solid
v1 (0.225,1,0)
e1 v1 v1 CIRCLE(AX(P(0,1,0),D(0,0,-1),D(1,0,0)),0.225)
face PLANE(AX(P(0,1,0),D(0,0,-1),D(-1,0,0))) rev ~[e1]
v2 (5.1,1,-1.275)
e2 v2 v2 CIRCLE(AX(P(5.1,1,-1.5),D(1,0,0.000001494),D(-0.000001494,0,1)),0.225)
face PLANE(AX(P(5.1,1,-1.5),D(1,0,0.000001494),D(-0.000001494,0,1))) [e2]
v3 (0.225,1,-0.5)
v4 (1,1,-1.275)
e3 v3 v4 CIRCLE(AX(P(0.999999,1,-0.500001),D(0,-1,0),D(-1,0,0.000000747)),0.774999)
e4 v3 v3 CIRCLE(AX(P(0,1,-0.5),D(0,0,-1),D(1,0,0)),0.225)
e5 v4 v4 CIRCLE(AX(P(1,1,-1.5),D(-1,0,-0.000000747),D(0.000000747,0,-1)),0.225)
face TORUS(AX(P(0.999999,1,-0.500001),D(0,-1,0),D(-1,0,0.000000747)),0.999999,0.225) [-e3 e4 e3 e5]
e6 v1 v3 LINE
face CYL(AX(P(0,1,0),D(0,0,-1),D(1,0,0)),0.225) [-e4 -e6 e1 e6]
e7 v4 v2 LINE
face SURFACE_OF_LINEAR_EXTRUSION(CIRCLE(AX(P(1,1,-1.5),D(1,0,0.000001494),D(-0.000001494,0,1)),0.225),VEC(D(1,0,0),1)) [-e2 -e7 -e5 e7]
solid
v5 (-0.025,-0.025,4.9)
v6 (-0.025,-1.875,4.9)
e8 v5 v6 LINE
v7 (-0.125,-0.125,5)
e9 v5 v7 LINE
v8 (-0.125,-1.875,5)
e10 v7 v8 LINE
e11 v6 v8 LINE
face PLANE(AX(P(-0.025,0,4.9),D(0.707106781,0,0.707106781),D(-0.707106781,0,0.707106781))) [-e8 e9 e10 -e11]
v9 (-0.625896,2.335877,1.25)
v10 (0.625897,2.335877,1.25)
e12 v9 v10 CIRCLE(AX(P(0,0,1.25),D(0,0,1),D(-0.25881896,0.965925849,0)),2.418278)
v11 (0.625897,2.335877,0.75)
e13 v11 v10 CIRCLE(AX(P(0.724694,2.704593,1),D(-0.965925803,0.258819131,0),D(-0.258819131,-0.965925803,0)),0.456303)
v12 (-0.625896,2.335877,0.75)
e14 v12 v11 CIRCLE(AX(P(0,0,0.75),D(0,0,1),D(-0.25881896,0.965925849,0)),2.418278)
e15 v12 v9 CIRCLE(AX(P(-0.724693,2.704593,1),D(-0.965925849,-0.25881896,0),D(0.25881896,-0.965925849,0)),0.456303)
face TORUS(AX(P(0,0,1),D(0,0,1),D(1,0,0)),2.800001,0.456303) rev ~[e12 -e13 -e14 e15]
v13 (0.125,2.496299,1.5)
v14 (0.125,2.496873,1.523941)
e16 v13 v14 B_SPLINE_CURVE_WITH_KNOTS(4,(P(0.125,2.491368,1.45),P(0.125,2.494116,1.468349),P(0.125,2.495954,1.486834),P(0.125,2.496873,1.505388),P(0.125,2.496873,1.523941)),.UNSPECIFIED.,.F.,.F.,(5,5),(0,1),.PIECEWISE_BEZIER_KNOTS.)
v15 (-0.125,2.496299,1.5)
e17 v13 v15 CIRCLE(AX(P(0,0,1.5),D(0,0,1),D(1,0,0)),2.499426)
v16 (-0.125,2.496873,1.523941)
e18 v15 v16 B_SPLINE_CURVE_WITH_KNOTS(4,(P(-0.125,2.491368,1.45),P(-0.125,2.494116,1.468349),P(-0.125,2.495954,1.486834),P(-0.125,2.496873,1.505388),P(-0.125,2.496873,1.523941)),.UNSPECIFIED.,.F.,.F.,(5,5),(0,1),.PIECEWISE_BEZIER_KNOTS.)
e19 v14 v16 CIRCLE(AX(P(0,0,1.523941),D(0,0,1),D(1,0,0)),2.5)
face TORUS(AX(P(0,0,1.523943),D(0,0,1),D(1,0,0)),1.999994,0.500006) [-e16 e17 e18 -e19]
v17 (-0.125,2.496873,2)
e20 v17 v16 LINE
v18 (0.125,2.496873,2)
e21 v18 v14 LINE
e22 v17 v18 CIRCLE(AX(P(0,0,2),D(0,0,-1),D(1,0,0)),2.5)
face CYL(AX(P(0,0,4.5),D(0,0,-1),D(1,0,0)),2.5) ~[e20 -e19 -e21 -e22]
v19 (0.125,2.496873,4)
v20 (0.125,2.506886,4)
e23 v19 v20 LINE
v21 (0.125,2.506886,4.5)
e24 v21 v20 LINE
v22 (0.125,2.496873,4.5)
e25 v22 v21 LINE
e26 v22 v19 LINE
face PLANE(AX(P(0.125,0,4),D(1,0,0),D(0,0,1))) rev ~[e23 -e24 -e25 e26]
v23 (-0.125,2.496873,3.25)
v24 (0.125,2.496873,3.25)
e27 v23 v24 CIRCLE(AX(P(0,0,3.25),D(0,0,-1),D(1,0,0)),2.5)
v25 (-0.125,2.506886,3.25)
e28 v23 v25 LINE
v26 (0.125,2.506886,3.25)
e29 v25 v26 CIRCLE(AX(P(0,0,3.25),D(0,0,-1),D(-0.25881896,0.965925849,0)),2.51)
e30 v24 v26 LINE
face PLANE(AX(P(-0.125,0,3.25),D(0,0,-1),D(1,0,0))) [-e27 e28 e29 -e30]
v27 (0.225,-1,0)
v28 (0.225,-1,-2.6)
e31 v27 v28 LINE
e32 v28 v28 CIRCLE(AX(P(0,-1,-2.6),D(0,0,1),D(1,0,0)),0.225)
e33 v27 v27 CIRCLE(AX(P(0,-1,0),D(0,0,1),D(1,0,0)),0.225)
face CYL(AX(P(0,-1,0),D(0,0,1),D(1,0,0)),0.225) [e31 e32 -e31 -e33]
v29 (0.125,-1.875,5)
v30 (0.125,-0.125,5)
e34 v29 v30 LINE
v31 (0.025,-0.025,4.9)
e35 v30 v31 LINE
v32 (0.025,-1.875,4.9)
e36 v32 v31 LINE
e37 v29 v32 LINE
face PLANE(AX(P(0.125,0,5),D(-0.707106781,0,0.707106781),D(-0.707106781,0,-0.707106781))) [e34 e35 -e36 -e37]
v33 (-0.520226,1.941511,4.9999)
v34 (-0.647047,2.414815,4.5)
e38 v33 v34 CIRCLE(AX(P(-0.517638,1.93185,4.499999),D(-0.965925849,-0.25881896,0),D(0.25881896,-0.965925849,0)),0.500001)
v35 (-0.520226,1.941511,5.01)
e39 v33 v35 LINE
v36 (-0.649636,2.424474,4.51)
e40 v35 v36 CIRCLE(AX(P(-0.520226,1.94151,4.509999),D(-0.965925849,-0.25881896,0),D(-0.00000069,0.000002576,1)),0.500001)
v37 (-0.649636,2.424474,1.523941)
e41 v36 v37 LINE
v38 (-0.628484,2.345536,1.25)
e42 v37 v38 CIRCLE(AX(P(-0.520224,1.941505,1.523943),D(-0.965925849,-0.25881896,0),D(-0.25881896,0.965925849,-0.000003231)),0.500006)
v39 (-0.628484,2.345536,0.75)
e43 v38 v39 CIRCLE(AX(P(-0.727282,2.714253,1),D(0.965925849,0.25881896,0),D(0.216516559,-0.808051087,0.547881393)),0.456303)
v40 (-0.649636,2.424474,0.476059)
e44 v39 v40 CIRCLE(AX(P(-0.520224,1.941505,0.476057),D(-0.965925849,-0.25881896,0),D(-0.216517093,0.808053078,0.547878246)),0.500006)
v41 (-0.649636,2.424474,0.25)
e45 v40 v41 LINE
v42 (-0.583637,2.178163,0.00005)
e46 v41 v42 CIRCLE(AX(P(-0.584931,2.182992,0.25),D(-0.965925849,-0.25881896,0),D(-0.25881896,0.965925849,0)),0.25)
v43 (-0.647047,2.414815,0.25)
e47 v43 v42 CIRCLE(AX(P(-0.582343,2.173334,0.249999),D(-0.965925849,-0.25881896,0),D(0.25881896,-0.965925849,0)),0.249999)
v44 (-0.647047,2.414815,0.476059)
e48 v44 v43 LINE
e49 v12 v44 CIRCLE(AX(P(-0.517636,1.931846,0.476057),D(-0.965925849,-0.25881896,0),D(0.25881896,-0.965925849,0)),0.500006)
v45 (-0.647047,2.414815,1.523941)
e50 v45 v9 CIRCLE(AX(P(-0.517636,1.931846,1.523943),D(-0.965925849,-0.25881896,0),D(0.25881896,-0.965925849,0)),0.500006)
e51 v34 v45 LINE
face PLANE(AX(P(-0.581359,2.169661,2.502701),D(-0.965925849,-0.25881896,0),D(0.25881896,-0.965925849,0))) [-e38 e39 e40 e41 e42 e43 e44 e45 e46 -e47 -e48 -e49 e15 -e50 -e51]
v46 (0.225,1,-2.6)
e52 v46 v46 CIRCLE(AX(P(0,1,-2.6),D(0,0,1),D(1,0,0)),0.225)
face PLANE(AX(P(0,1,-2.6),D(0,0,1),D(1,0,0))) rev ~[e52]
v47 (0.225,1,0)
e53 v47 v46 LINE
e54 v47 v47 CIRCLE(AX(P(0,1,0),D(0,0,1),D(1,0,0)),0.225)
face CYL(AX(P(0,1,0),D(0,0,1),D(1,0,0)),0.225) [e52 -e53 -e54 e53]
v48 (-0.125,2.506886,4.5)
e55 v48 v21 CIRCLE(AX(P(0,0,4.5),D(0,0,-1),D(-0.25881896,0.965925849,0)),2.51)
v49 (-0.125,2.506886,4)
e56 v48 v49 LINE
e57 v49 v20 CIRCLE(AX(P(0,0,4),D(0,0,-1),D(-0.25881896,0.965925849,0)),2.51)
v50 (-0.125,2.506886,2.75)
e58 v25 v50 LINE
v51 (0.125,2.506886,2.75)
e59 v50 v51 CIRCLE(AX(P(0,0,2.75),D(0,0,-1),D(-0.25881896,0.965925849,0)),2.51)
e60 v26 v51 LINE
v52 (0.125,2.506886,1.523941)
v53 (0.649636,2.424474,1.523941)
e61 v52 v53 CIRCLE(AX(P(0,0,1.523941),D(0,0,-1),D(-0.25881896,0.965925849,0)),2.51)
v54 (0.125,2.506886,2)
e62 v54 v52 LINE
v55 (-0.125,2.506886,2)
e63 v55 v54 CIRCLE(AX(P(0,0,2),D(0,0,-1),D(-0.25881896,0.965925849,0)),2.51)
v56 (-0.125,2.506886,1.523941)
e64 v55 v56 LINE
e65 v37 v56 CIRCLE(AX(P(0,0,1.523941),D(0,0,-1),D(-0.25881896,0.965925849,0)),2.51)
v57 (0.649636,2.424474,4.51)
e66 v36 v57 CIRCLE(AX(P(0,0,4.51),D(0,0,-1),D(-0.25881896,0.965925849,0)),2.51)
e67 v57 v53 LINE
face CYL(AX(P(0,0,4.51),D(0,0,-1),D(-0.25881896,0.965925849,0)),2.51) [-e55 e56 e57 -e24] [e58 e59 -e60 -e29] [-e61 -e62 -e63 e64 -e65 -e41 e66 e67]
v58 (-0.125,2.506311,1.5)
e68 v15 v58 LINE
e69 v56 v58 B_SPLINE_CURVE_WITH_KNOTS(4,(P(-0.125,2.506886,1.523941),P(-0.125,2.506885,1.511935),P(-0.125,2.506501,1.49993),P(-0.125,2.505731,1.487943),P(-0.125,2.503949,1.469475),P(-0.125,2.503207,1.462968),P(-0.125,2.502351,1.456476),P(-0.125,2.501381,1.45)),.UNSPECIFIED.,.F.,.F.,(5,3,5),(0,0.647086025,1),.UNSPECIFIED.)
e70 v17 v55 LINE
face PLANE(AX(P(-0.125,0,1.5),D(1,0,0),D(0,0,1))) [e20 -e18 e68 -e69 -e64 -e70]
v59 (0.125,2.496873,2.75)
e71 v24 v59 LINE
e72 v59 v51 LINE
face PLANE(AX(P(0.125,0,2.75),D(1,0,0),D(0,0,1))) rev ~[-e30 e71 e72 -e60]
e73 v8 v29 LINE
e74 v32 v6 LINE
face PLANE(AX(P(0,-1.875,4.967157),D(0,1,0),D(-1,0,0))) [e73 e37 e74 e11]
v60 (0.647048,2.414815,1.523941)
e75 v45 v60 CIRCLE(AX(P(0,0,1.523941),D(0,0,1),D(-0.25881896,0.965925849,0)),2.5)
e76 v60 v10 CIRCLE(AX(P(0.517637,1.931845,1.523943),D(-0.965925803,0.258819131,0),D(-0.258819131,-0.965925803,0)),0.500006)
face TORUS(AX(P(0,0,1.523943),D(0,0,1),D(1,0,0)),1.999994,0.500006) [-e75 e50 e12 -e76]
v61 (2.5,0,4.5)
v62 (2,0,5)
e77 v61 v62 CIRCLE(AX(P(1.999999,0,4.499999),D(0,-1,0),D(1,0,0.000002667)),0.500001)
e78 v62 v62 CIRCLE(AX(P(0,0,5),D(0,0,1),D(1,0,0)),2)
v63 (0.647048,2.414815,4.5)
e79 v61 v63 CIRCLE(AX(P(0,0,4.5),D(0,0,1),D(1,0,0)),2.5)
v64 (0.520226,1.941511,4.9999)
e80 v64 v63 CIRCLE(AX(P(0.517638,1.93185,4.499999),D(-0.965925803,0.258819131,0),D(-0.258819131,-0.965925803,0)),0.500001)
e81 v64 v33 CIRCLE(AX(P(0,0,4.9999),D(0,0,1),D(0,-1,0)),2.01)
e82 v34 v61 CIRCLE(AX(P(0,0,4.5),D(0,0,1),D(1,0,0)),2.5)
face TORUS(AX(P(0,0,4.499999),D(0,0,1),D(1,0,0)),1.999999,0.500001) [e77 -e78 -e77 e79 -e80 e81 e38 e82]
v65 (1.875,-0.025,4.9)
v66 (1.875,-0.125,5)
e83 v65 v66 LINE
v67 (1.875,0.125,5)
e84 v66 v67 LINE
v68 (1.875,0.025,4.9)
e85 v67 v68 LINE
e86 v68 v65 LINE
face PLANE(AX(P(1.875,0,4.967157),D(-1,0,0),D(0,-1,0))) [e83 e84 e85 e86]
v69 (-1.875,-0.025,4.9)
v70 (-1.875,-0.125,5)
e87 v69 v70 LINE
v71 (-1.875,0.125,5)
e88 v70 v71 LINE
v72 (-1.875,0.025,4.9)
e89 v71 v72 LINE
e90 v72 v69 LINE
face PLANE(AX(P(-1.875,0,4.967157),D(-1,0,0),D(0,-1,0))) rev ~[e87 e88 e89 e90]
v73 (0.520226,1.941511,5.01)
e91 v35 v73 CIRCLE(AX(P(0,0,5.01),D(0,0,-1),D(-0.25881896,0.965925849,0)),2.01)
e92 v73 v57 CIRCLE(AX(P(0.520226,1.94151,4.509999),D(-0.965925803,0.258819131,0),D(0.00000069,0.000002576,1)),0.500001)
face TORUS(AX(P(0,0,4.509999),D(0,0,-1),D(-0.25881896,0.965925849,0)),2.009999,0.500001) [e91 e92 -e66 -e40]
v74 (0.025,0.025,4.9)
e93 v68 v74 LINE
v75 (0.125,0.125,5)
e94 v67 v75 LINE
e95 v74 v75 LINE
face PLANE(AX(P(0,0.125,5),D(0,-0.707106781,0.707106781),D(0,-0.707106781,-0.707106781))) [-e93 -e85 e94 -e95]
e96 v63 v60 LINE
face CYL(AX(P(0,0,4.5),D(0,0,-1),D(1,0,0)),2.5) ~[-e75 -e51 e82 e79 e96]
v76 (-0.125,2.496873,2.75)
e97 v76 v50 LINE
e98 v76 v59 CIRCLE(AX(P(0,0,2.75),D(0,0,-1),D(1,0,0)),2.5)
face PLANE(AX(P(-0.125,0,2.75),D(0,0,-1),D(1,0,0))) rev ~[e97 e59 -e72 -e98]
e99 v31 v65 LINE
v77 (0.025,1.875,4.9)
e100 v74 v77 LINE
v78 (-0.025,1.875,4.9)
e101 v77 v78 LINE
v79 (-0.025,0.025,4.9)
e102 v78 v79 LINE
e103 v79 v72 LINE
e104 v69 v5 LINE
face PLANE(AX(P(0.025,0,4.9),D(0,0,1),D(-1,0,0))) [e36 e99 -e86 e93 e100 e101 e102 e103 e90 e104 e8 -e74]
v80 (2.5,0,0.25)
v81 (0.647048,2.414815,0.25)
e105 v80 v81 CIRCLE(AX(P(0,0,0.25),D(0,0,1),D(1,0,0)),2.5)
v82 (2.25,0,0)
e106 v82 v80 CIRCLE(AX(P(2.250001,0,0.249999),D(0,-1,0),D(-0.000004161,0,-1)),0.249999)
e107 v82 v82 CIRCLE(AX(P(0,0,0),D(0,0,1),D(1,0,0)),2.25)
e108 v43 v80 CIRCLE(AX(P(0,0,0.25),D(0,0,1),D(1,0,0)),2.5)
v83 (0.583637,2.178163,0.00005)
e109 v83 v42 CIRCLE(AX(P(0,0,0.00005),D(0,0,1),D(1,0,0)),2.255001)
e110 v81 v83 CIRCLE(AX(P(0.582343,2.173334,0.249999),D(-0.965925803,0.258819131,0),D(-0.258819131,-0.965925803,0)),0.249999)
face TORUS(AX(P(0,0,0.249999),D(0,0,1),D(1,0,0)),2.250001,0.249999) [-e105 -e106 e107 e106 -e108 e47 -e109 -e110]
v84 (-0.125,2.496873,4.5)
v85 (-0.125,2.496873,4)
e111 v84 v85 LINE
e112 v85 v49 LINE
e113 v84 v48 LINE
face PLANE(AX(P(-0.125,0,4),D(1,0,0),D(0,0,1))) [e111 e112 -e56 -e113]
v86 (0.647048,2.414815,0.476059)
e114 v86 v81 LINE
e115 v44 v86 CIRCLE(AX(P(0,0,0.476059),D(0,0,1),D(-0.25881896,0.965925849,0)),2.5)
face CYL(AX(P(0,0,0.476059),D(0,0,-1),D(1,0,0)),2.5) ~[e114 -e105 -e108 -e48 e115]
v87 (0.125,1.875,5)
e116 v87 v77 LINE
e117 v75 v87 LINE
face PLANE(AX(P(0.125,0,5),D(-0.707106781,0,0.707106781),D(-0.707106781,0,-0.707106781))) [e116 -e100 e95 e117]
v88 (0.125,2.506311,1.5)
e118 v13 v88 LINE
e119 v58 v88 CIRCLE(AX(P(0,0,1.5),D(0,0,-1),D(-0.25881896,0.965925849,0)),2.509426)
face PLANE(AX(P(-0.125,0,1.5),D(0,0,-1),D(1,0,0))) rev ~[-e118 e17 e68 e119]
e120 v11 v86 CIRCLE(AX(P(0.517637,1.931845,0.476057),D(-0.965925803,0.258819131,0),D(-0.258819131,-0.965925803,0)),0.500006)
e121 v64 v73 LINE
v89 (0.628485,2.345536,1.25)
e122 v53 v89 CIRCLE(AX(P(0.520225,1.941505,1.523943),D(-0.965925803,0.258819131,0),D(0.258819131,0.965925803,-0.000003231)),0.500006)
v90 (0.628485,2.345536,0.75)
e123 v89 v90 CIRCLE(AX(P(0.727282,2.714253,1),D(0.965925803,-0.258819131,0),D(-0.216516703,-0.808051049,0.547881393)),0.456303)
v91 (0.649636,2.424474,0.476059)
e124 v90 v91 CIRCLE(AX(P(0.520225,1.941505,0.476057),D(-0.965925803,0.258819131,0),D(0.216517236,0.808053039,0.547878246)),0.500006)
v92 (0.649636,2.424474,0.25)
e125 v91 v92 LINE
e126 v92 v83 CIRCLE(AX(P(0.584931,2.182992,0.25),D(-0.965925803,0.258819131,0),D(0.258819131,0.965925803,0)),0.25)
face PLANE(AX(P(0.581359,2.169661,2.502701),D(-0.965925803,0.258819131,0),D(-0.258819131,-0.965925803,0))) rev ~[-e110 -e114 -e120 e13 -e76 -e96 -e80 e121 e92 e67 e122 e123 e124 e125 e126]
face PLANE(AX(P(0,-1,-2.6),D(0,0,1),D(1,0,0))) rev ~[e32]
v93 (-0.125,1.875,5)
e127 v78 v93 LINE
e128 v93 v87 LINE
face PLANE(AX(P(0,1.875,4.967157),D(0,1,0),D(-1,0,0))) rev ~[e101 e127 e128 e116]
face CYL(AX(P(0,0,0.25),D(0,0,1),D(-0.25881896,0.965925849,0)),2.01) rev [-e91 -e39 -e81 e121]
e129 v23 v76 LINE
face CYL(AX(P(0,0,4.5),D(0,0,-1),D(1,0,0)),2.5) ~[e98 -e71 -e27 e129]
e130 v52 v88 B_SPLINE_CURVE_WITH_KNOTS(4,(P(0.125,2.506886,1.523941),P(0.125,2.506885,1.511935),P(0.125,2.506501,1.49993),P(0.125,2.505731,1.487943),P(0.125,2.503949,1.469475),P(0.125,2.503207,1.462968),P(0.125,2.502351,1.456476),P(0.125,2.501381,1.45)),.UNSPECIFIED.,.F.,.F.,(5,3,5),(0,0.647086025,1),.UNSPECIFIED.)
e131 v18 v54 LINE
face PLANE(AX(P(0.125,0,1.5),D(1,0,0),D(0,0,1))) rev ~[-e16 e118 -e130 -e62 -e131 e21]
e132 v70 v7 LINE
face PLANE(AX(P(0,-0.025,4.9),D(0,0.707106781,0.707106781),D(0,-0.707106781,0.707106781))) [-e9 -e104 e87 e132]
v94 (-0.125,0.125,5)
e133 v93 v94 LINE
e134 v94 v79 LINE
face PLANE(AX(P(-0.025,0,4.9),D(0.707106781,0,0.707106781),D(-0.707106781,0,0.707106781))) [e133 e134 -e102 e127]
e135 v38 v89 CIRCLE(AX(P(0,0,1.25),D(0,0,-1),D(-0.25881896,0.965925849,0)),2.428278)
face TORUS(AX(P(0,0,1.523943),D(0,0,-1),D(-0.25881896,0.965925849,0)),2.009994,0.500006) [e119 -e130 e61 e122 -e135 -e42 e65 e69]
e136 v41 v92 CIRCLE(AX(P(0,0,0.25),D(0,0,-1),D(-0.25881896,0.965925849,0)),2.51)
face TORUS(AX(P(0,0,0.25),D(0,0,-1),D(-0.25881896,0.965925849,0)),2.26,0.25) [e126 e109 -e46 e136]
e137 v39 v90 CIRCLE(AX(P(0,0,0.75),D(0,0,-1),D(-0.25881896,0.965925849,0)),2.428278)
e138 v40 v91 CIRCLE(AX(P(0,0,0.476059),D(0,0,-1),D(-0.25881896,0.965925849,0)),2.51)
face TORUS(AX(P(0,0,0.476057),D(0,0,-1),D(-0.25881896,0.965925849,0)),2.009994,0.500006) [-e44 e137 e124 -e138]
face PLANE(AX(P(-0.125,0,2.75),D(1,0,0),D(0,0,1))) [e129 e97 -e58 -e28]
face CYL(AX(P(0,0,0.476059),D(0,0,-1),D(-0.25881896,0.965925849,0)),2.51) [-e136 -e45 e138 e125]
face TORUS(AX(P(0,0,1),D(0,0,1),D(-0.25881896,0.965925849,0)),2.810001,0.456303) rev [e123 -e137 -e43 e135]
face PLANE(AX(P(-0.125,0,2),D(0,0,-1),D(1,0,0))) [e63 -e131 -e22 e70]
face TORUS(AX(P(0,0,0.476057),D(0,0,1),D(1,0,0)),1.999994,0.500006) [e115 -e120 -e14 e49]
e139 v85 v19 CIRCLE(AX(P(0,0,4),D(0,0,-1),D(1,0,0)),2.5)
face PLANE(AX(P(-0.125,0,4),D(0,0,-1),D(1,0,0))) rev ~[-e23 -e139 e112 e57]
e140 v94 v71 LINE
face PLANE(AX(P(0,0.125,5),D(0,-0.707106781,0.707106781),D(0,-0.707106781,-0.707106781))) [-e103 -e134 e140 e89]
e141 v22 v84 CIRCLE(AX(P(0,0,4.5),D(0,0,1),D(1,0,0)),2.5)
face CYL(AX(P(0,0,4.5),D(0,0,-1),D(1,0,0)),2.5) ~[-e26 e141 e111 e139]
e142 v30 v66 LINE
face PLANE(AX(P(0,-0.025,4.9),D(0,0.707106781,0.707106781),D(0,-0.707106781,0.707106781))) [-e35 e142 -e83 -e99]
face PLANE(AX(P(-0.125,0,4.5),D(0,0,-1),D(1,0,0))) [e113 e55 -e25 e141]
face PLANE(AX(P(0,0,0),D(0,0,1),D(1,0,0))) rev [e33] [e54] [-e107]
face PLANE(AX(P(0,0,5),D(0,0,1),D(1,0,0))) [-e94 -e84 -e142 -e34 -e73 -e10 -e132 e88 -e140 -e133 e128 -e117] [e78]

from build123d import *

# Parameters (mm, degrees)
SKETCH003_R         = 0.225
REVOLUTION001_ANGLE = -30
SKETCH015_W         = 0.25
SKETCH015_H         = 0.5
POCKET002_DEPTH     = 2.511
LINEARPATTERN_COUNT = 3
LINEARPATTERN_PITCH = 1.25
SKETCH010_R         = 0.225
PAD002_DEPTH        = 2.6
SKETCH013_R         = 2
PAD_DEPTH           = 0.5
POCKET001_DEPTH     = 1.875
POLARPATTERN_COUNT  = 3
POLARPATTERN_ANGLE  = 180
SKETCH012_R         = 2
POCKET_DEPTH        = 0.5


with BuildPart() as leadangledclone:
    # AdditivePipe: sweep along a path in Sketch004
    with BuildLine(Plane.XZ) as additivepipe_path:
        Line((0, 0), (0, -0.5))
        ThreePointArc((0, -0.5), (0.292893, -1.207107), (1, -1.5))
        Line((1, -1.5), (5.1, -1.5))
    # Sketch003 (on ShapeBinder) → AdditivePipe (sweep)
    with BuildSketch(Plane(origin=(0, 0, 0), x_dir=(1, 0, 0), z_dir=(0, 0, -1))):
        with Locations((0, 1)):
            Circle(SKETCH003_R)
    sweep(path=additivepipe_path.line)


with BuildPart() as leadangledclone_1:
    # Body003 placement: moved
    add(leadangledclone.part.moved(Location((0, 2, 0))))


with BuildPart() as polaritymarking:
    # Sketch005 → Revolution001 (revolve)
    with BuildSketch(Plane(origin=(0, 0, 0), x_dir=(-0.258819, 0.965926, 0), z_dir=(0.965926, 0.258819, 0))):
        with BuildLine():
            Line((2.01, 0.25), (2.01, 5.01))
            ThreePointArc((2.01, 5.01), (2.363553, 4.863553), (2.51, 4.51))
            Line((2.51, 4.51), (2.51, 1.523941))
            ThreePointArc((2.51, 1.523941), (2.489134, 1.381006), (2.428278, 1.25))
            ThreePointArc((2.428278, 1.25), (2.353698, 1), (2.428278, 0.75))
            ThreePointArc((2.428278, 0.75), (2.489134, 0.618994), (2.51, 0.476059))
            Line((2.51, 0.476059), (2.51, 0.25))
            ThreePointArc((2.51, 0.25), (2.26, 0), (2.01, 0.25))
        make_face()
    revolve(axis=Axis((0, 0, 0), (0, 0, 1)), revolution_arc=REVOLUTION001_ANGLE)

    # Sketch015 → Pocket002 (cut, through all)
    with BuildSketch(Plane.XZ):
        with Locations((0, 1.75)):
            Rectangle(SKETCH015_W, SKETCH015_H)
    pocket002 = extrude(amount=-POCKET002_DEPTH, mode=Mode.SUBTRACT)

    # LinearPattern: Pocket002 ×3
    with Locations(*[(0, 0, i * LINEARPATTERN_PITCH) for i in range(1, LINEARPATTERN_COUNT)]):
        add(pocket002, mode=Mode.SUBTRACT)


with BuildPart() as leadstraight:
    # Sketch010 → Pad002 (new body)
    with BuildSketch(Plane(origin=(0, 1, 0), x_dir=(1, 0, 0), z_dir=(0, 0, 1))):
        Circle(SKETCH010_R)
    extrude(amount=-PAD002_DEPTH)


with BuildPart() as leadstraightclone:
    # Body007 base: copy of LeadStraight
    add(leadstraight.part)


with BuildPart() as leadstraightclone_1:
    # Body007 placement: moved
    add(leadstraightclone.part.moved(Location((0, -2, 0))))


with BuildPart() as housingtop:
    # Sketch013 (on ShapeBinder) → Pad (new body)
    with BuildSketch(Plane.XY.offset(4.5)):
        Circle(SKETCH013_R)
    extrude(amount=PAD_DEPTH)

    # Sketch014 → Pocket001 (cut, symmetric)
    with BuildSketch(Plane.XZ):
        Polygon((-0.125, 5), (0.125, 5), (0.025, 4.9), (-0.025, 4.9), align=None)
    pocket001 = extrude(amount=POCKET001_DEPTH, both=True, mode=Mode.SUBTRACT)

    # PolarPattern: Pocket001 ×3 about axis
    polarpattern_axis = Axis((0, 0, 0), (0, 0, 1))
    for i in range(1, POLARPATTERN_COUNT):
        add(pocket001.rotate(polarpattern_axis, i * POLARPATTERN_ANGLE / (POLARPATTERN_COUNT - 1)), mode=Mode.SUBTRACT)


with BuildPart() as fusion:
    # Sketch → Revolution (revolve)
    with BuildSketch(Plane.XZ):
        with BuildLine():
            Line((0, 5), (2, 5))
            ThreePointArc((2.5, 4.5), (2.353553, 4.853553), (2, 5))
            Line((2.5, 4.5), (2.5, 1.523941))
            ThreePointArc((2.418278, 1.25), (2.479134, 1.381006), (2.5, 1.523941))
            ThreePointArc((2.418278, 1.25), (2.343698, 1), (2.418278, 0.75))
            ThreePointArc((2.5, 0.476059), (2.479134, 0.618994), (2.418278, 0.75))
            Line((2.5, 0.476059), (2.5, 0.25))
            ThreePointArc((2.25, 0), (2.426777, 0.073223), (2.5, 0.25))
            Line((0, 0), (2.25, 0))
            Line((0, 5), (0, 0))
        make_face()
    revolve(axis=Axis((0, 0, 0), (0, 0, 1)))

    # Sketch012 → Pocket (cut)
    with BuildSketch(Plane.XY.offset(5)):
        Circle(SKETCH012_R)
    extrude(amount=-POCKET_DEPTH, mode=Mode.SUBTRACT)

    # Fusion: union PolarityMarking, LeadStraight, LeadStraightClone, HousingTop
    add(polaritymarking.part)
    add(leadstraight.part)
    add(leadstraightclone_1.part)
    add(housingtop.part)


solid = Compound([leadangledclone_1.part, fusion.part])
